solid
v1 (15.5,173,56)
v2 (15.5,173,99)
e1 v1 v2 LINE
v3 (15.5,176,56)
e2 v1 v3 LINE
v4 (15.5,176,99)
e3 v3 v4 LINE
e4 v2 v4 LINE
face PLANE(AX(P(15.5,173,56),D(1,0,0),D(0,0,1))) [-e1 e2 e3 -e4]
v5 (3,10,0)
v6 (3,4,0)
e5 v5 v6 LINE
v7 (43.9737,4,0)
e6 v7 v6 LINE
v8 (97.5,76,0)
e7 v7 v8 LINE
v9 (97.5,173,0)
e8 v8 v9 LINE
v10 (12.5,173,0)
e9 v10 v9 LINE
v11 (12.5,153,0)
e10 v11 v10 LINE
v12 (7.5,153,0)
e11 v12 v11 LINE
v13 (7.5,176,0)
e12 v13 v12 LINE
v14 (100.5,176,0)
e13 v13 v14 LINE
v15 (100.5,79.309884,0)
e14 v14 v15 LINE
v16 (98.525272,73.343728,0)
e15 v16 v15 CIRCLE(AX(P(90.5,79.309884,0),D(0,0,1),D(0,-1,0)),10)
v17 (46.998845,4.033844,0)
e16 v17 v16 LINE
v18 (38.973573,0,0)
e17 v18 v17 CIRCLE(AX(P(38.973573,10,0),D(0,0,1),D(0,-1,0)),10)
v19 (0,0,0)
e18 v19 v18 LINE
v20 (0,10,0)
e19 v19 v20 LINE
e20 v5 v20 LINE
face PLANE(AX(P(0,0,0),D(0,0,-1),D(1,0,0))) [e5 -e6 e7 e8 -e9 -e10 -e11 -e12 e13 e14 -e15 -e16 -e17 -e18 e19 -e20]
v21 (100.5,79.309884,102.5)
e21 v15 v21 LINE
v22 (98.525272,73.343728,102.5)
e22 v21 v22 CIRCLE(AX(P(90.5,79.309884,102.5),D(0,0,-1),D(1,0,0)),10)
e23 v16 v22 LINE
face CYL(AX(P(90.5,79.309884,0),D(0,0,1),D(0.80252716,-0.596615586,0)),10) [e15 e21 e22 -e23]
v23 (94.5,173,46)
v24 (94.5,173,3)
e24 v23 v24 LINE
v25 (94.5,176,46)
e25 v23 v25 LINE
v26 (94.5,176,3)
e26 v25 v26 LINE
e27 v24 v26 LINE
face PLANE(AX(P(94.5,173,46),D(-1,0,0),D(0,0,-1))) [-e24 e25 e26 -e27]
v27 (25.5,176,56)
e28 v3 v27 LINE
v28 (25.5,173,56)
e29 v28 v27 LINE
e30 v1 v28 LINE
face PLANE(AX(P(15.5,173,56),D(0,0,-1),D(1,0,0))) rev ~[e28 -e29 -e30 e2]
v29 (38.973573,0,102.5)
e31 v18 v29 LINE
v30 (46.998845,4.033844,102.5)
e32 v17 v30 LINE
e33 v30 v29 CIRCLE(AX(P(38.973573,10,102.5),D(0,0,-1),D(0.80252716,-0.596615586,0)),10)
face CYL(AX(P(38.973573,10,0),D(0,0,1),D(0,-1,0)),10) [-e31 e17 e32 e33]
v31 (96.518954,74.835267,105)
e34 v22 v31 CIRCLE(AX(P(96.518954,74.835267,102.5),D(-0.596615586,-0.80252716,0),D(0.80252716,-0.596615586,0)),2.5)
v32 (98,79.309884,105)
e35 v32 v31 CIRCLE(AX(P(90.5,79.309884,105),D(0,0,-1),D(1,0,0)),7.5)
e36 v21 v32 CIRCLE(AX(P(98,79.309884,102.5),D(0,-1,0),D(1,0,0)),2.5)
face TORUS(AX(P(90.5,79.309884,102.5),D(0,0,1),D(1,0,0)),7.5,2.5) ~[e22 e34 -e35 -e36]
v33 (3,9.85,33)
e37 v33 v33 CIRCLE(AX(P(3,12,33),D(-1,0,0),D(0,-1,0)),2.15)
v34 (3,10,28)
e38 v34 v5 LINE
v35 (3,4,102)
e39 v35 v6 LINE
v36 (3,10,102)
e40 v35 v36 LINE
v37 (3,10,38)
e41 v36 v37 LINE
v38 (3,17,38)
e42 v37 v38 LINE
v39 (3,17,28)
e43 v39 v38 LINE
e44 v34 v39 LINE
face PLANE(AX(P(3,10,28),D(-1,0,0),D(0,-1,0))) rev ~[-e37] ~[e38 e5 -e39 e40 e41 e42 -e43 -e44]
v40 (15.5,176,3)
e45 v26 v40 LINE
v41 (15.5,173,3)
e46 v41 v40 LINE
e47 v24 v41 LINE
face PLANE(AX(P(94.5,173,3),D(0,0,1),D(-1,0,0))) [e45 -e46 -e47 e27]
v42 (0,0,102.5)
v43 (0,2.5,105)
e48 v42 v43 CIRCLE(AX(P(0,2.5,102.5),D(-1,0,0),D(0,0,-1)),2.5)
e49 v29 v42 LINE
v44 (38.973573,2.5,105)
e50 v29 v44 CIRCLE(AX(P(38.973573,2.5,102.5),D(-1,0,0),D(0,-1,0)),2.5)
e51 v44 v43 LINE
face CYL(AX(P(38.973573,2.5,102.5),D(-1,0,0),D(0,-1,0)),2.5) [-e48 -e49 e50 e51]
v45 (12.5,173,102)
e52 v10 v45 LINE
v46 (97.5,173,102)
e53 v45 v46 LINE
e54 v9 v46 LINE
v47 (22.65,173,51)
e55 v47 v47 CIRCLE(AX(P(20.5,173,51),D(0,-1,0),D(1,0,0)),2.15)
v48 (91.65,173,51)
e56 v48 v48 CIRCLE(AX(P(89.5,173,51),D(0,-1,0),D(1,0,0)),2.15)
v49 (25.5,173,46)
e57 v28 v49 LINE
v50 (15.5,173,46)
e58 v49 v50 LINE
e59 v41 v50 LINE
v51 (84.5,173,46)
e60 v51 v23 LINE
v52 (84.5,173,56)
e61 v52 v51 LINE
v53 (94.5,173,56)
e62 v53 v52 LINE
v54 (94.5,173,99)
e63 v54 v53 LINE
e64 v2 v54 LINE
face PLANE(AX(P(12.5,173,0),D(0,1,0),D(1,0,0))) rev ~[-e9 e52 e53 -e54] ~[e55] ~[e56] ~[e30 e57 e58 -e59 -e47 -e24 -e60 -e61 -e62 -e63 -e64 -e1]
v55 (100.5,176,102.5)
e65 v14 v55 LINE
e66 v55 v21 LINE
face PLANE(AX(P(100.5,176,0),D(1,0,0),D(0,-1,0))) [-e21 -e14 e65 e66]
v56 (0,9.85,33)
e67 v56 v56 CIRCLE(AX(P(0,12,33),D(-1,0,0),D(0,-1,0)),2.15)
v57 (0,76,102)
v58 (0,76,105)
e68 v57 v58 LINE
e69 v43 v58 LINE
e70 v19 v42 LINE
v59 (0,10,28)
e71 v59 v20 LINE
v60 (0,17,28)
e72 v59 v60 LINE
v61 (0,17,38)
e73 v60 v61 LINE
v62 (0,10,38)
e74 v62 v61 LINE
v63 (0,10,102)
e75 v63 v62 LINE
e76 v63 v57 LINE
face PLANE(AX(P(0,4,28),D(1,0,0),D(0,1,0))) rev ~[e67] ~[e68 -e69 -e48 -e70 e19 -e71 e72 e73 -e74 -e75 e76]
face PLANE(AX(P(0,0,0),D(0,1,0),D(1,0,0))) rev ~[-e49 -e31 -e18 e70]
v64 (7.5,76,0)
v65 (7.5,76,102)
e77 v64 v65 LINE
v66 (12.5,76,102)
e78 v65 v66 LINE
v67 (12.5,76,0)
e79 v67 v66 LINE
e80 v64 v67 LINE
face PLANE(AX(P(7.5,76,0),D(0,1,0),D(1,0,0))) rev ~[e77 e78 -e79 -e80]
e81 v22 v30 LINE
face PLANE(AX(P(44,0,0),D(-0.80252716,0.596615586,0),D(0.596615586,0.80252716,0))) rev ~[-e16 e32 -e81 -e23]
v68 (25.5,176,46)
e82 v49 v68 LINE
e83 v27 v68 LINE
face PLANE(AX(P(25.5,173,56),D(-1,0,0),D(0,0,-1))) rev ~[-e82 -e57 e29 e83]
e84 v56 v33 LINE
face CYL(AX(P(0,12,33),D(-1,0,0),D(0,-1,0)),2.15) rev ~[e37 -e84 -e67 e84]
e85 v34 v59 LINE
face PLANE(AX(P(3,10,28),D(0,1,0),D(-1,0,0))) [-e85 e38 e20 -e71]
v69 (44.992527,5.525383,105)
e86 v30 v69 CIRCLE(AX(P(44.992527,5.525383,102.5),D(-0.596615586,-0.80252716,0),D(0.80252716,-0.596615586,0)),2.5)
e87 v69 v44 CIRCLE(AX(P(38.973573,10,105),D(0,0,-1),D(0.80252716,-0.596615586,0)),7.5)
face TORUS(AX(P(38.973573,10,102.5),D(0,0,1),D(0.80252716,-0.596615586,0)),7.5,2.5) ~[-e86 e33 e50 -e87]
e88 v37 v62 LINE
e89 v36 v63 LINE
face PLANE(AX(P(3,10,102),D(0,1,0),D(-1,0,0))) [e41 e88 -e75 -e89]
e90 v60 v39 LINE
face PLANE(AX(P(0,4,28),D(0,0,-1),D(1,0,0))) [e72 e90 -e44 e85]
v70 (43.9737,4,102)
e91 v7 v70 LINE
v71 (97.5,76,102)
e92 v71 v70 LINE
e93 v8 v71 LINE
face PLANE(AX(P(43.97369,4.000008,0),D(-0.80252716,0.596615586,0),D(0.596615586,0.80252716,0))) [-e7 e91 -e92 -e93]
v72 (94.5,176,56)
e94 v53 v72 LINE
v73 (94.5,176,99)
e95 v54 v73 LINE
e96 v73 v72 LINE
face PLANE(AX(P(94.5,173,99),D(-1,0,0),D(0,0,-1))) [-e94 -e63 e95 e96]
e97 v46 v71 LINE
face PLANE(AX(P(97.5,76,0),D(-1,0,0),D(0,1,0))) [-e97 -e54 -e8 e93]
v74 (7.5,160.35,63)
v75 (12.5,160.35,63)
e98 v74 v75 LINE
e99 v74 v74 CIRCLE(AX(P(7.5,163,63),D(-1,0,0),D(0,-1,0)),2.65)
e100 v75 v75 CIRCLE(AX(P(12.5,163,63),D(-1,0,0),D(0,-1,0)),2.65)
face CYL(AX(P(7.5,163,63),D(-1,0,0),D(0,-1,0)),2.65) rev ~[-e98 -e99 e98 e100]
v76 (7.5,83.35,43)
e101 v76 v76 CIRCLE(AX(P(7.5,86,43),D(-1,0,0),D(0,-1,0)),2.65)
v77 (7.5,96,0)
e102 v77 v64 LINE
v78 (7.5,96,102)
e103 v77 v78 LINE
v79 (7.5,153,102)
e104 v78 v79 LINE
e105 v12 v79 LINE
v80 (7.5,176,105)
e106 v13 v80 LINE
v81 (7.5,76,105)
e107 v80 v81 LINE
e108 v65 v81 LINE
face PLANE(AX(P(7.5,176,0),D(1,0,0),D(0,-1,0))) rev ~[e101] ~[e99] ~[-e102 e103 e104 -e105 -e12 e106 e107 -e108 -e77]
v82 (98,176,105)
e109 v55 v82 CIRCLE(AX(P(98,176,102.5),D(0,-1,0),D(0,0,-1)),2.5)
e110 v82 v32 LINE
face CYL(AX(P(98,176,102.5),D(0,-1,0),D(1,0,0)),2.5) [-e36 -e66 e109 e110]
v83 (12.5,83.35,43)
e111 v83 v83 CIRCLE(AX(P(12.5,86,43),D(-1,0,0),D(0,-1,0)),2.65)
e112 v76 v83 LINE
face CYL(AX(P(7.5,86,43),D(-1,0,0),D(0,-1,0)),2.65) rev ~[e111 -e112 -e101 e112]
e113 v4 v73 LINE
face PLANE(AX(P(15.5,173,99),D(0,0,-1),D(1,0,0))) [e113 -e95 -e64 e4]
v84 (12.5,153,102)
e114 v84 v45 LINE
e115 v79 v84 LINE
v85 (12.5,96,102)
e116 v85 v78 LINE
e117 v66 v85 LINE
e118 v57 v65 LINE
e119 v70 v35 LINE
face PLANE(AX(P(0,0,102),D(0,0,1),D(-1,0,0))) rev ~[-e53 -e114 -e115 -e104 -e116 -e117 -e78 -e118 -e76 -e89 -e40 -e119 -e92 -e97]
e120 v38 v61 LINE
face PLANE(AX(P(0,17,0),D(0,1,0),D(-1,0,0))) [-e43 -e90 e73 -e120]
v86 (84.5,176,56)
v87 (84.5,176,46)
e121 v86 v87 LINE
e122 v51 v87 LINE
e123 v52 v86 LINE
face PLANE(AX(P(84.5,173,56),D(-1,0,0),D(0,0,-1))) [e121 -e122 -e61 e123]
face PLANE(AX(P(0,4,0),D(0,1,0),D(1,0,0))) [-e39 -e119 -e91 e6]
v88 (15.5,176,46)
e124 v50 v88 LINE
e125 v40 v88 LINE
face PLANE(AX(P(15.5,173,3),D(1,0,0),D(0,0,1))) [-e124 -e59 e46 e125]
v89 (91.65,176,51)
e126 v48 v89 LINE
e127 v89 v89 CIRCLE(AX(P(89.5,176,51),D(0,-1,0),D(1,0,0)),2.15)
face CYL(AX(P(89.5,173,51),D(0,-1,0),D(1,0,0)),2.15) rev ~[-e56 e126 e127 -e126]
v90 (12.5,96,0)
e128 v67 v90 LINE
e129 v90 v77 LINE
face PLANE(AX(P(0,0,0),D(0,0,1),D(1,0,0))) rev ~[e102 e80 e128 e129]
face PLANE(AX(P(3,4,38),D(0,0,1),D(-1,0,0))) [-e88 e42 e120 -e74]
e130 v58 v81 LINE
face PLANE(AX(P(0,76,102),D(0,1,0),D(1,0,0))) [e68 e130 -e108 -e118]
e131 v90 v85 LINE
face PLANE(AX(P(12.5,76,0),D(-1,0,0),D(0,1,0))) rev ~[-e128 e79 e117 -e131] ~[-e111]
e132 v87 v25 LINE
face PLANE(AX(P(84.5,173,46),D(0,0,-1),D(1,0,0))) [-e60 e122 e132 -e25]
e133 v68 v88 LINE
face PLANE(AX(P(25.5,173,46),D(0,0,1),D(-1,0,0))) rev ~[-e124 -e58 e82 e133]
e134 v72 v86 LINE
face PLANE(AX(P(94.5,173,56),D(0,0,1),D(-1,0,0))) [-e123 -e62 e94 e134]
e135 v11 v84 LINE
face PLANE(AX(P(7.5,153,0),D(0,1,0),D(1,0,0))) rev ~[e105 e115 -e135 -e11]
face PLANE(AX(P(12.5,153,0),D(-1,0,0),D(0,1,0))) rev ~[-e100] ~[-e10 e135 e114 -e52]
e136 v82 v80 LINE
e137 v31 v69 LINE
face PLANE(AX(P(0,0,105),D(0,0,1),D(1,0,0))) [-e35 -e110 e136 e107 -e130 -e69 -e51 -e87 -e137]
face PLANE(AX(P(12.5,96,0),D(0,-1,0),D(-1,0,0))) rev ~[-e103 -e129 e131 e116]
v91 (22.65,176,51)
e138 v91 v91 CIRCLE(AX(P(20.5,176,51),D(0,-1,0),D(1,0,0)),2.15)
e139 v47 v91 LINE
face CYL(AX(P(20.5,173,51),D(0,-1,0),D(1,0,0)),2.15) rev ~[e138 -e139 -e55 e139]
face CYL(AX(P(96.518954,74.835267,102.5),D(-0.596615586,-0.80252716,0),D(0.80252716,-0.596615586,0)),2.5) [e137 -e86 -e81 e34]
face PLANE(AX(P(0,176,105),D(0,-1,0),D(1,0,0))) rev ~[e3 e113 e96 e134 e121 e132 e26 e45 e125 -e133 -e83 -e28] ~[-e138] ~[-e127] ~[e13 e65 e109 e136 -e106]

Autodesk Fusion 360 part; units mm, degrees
sketch "스케치1" plane through (0, 0, 0) normal (0, 0, 1) x (1, 0, 0)
  line L0 (0, 0) -> (44, 0)
  line L1 (0, 0) -> (0, 4)
  line L2 (0, 4) -> (41, 4)
  line L3 (0, 0) -> (44, 0)
  line L4 (44, 0) -> (100.5, 76)
  line L5 (100.5, 76) -> (97.5, 76)
  line L6 (44, 0) -> (41, 0)
  line L7 (41, 0) -> (97.5, 76)
  line L8 (41, 4) -> (43.9737, 4)
  line L9 (100.5, 76) -> (97.5, 76)
  line L10 (97.5, 76) -> (97.5, 176)
  line L11 (97.5, 176) -> (100.5, 176)
  line L12 (100.5, 176) -> (100.5, 76)
  line L13 (0, 4) -> (0, 76)
  line L14 (0, 76) -> (7.5, 76)
  line L15 (7.5, 76) -> (12.5, 76)
  line L16 (12.5, 76) -> (12.5, 96)
  line L17 (12.5, 96) -> (7.5, 96)
  line L18 (7.5, 96) -> (7.5, 76)
  line L19 (97.5, 176) -> (12.5, 176)
  line L20 (12.5, 176) -> (12.5, 173)
  line L21 (12.5, 173) -> (97.5, 173)
  line L22 (97.5, 173) -> (97.5, 176)
  line L23 (12.5, 176) -> (7.5, 176)
  line L24 (7.5, 176) -> (7.5, 153)
  line L25 (7.5, 153) -> (12.5, 153)
  line L26 (12.5, 153) -> (12.5, 176)
  dimension "d1" = 44
  dimension "d2" = 4
  dimension "d3" = 41
  dimension "d7" = 3
  dimension "d8" = 3
  dimension "d9" = 3
  dimension "d10" = 100
  dimension "d19" = 72
  dimension "d20" = 7.5
  dimension "d21" = 5
  dimension "d22" = 20
  dimension "d26" = 85
  dimension "d27" = 3
  dimension "d28" = 23
extrude "돌출1" add sketch "스케치1" along normal blind 105 makes body 1 at (100.5, 142.6667, 35) makes body 2 at (7.5, 89.3333, 35)
sketch "스케치2" plane through (0, 0, 105) normal (0, 0, 1) x (-1, 0, 0)
  line L0 (0, 0) -> (-44, 0)
  line L1 (-44, 0) -> (-100.5, -76)
  line L2 (-100.5, -76) -> (-100.5, -176)
  line L3 (-100.5, -176) -> (-7.5, -176)
  line L4 (-97.5, -173) -> (-97.5, -76)
  line L5 (-97.5, -76) -> (-43.9737, -4)
  line L6 (-43.9737, -4) -> (0, -4)
  line L7 (0, -4) -> (0, 0)
  line L8 (0, -4) -> (0, -176)
  line L9 (0, -176) -> (-7.5, -176)
  line L10 (-12.5, -153) -> (-12.5, -173)
  line L11 (-12.5, -173) -> (-97.5, -173)
  line L12 (-7.5, -176) -> (-7.5, -153)
  line L13 (-7.5, -153) -> (-12.5, -153)
extrude "돌출2" add sketch "스케치2" against normal blind 3 contours L4 L5 L6 L8 L9 L10 L11 L12 L13 bodies 1 2
fillet "필렛1" radius 10 2 edges at (100.5, 76, 52.5) (44, 0, 52.5) on bodies 1
fillet "필렛2" radius 2.5 5 edges at (19.4868, 0, 105) (43.4646, 1.0652, 105) (72.7621, 38.6888, 105) (99.9935, 76.1676, 105) (100.5, 127.6549, 105) on bodies 1
sketch "스케치3" plane through (0, 173, 0) normal (0, -1, 0) x (1, 0, 0)
  line L0 (97.5, 102) -> (12.5, 102)
  line L1 (12.5, 102) -> (12.5, 0)
  line L2 (12.5, 0) -> (97.5, 0)
  line L3 (97.5, 0) -> (97.5, 102)
  line L4 (97.5, 0) -> (94.5, 0)
  line L5 (94.5, 0) -> (94.5, 3)
  line L6 (94.5, 3) -> (97.5, 3)
  line L7 (97.5, 3) -> (97.5, 0)
  line L8 (12.5, 102) -> (15.5, 102)
  line L9 (15.5, 102) -> (15.5, 99)
  line L10 (15.5, 99) -> (12.5, 99)
  line L11 (12.5, 99) -> (12.5, 102)
  line L12 (15.5, 99) -> (94.5, 99)
  line L13 (94.5, 99) -> (94.5, 3)
  line L14 (94.5, 3) -> (15.5, 3)
  line L15 (15.5, 3) -> (15.5, 99)
  line L16 (94.5, 99) -> (94.5, 56)
  line L17 (94.5, 56) -> (84.5, 56)
  line L18 (84.5, 56) -> (84.5, 46)
  line L19 (84.5, 46) -> (94.5, 46)
  line L20 (94.5, 46) -> (94.5, 56)
  line L21 (15.5, 56) -> (25.5, 56)
  line L22 (25.5, 56) -> (25.5, 46)
  line L23 (25.5, 46) -> (15.5, 46)
  line L24 (15.5, 46) -> (15.5, 56)
  circle A0 centre (89.5, 51) radius 2.15
  circle A1 centre (20.5, 51) radius 2.15
  dimension "d29" = 3
  dimension "d30" = 3
  dimension "d31" = 3
  dimension "d32" = 3
  dimension "d35" = 43
  dimension "d36" = 10
  dimension "d37" = 10
  dimension "d38" = 10
  dimension "d39" = 10
  dimension "d40" = 4.3
  dimension "d41" = 4.3
extrude "돌출3" cut sketch "스케치3" against normal blind 3 contours L12 L13 L14 L15 L16 L17 L18 L19 L21 L22 L23 | A0 | A1 bodies 1
sketch "스케치4" plane through (7.5, 0, 0) normal (-1, 0, 0) x (0, -1, 0)
  line L0 (-153, 102) -> (-176, 102)
  line L1 (-176, 102) -> (-176, 0)
  line L2 (-176, 0) -> (-153, 0)
  line L3 (-153, 0) -> (-153, 102)
  line L4 (-153, 102) -> (-153, 73)
  line L5 (-153, 73) -> (-173, 73)
  line L6 (-173, 73) -> (-173, 53)
  line L7 (-173, 53) -> (-153, 53)
  line L8 (-153, 53) -> (-153, 73)
  circle A0 centre (-163, 63) radius 2.65
  dimension "d42" = 29
  dimension "d43" = 20
  dimension "d44" = 20
  dimension "d45" = 5.3
sketch "스케치5" plane through (7.5, 0, 0) normal (-1, 0, 0) x (0, -1, 0)
  line L0 (-76, 102) -> (-96, 102)
  line L1 (-96, 102) -> (-96, 0)
  line L2 (-96, 0) -> (-76, 0)
  line L3 (-76, 0) -> (-76, 102)
  line L4 (-76, 102) -> (-76, 53)
  line L5 (-76, 53) -> (-96, 53)
  line L6 (-96, 53) -> (-96, 33)
  line L7 (-96, 33) -> (-76, 33)
  line L8 (-76, 33) -> (-76, 53)
  circle A0 centre (-86, 43) radius 2.65
  dimension "d46" = 49
  dimension "d47" = 20
  dimension "d48" = 5.3
extrude "돌출4" cut sketch "스케치4" sketch "스케치5" against normal blind 5 contours A0 of sketch 2 contours A0 bodies 1
sketch "스케치6" plane through (0, 0, 102) normal (0, 0, -1) x (1, 0, 0)
  line L0 (7.5, -176) -> (7.5, -153)
  line L1 (7.5, -153) -> (12.5, -153)
  line L2 (12.5, -153) -> (12.5, -173)
  line L3 (12.5, -173) -> (97.5, -173)
  line L4 (97.5, -173) -> (97.5, -76)
  line L5 (97.5, -76) -> (43.9737, -4)
  line L6 (43.9737, -4) -> (0, -4)
  line L7 (0, -4) -> (0, -176)
  line L8 (0, -176) -> (7.5, -176)
  line L9 (12.5, -96) -> (7.5, -96)
  line L10 (7.5, -96) -> (7.5, -76)
  line L11 (7.5, -76) -> (12.5, -76)
  line L12 (12.5, -76) -> (12.5, -96)
  line L13 (0, -76) -> (7.5, -76)
  line L14 (7.5, -76) -> (7.5, -176)
  line L15 (7.5, -176) -> (0, -176)
  line L16 (0, -176) -> (0, -76)
extrude "돌출5" cut sketch "스케치6" against normal blind 3 contours L0 L7 L8 L10 L13 L14 L15 L16 bodies 1
sketch "스케치7" plane through (0, 4, 0) normal (0, 1, 0) x (-1, 0, 0)
  line L0 (0, 102) -> (-43.9737, 102)
  line L1 (-43.9737, 102) -> (-43.9737, 0)
  line L2 (-43.9737, 0) -> (0, 0)
  line L3 (0, 0) -> (0, 102)
  line L4 (0, 0) -> (0, 28)
  line L5 (0, 28) -> (-3, 28)
  line L6 (-3, 28) -> (-3, 38)
  line L7 (-3, 38) -> (0, 38)
  line L8 (0, 38) -> (0, 28)
  dimension "d53" = 28
  dimension "d54" = 3
  dimension "d55" = 10
extrude "돌출6" add sketch "스케치7" along normal blind 13 contours L3 L5 L6 L7 L8 bodies 1
sketch "스케치8" plane through (0, 0, 0) normal (-1, 0, 0) x (0, -1, 0)
  line L0 (-76, 105) -> (-76, 102)
  line L1 (-76, 102) -> (-4, 102)
  line L2 (-4, 102) -> (-4, 38)
  line L3 (-4, 38) -> (-17, 38)
  line L4 (-17, 38) -> (-17, 28)
  line L5 (-17, 28) -> (-4, 28)
  line L6 (-4, 28) -> (-4, 0)
  line L7 (-4, 0) -> (0, 0)
  line L8 (0, 0) -> (0, 102.5)
  arc A0 (0, 102.5) -> (-2.5, 105) centre (-2.5, 102.5) ccw
  line L9 (-2.5, 105) -> (-76, 105)
  line L10 (-17, 38) -> (-7, 38)
  line L11 (-7, 38) -> (-7, 28)
  line L12 (-7, 28) -> (-17, 28)
  line L13 (-17, 28) -> (-17, 38)
  circle A1 centre (-12, 33) radius 2.15
  dimension "d58" = 4.3
extrude "돌출7" cut sketch "스케치8" against normal blind 3 contours A1 bodies 1
sketch "스케치9" plane through (0, 0, 102) normal (0, 0, -1) x (1, 0, 0)
  line L0 (7.5, -96) -> (7.5, -153)
  line L1 (7.5, -153) -> (12.5, -153)
  line L2 (12.5, -153) -> (12.5, -173)
  line L3 (12.5, -173) -> (97.5, -173)
  line L4 (97.5, -173) -> (97.5, -76)
  line L5 (97.5, -76) -> (43.9737, -4)
  line L6 (43.9737, -4) -> (0, -4)
  line L7 (0, -4) -> (0, -76)
  line L8 (0, -76) -> (7.5, -76)
  line L9 (7.5, -76) -> (12.5, -76)
  line L10 (12.5, -76) -> (12.5, -96)
  line L11 (12.5, -96) -> (7.5, -96)
  line L12 (0, -4) -> (3, -4)
  line L13 (3, -4) -> (3, -10)
  line L14 (3, -10) -> (0, -10)
  line L15 (0, -10) -> (0, -4)
  dimension "d61" = 3
  dimension "d62" = 6
extrude "돌출8" add sketch "스케치9" along normal blind 64 contours L6 L7 L12 L13 L14 L15 bodies 1
sketch "스케치10" plane through (0, 0, 28) normal (0, 0, -1) x (1, 0, 0)
  line L0 (3, -4) -> (0, -4)
  line L1 (0, -4) -> (0, -17)
  line L2 (0, -17) -> (3, -17)
  line L3 (3, -17) -> (3, -4)
  line L4 (0, -4) -> (3, -4)
  line L5 (3, -4) -> (3, -10)
  line L6 (3, -10) -> (0, -10)
  line L7 (0, -10) -> (0, -4)
  dimension "d65" = 6
extrude "돌출9" add sketch "스케치10" along normal blind 28 contours L0 L1 L3 L4 L5 L6 L7 bodies 1
